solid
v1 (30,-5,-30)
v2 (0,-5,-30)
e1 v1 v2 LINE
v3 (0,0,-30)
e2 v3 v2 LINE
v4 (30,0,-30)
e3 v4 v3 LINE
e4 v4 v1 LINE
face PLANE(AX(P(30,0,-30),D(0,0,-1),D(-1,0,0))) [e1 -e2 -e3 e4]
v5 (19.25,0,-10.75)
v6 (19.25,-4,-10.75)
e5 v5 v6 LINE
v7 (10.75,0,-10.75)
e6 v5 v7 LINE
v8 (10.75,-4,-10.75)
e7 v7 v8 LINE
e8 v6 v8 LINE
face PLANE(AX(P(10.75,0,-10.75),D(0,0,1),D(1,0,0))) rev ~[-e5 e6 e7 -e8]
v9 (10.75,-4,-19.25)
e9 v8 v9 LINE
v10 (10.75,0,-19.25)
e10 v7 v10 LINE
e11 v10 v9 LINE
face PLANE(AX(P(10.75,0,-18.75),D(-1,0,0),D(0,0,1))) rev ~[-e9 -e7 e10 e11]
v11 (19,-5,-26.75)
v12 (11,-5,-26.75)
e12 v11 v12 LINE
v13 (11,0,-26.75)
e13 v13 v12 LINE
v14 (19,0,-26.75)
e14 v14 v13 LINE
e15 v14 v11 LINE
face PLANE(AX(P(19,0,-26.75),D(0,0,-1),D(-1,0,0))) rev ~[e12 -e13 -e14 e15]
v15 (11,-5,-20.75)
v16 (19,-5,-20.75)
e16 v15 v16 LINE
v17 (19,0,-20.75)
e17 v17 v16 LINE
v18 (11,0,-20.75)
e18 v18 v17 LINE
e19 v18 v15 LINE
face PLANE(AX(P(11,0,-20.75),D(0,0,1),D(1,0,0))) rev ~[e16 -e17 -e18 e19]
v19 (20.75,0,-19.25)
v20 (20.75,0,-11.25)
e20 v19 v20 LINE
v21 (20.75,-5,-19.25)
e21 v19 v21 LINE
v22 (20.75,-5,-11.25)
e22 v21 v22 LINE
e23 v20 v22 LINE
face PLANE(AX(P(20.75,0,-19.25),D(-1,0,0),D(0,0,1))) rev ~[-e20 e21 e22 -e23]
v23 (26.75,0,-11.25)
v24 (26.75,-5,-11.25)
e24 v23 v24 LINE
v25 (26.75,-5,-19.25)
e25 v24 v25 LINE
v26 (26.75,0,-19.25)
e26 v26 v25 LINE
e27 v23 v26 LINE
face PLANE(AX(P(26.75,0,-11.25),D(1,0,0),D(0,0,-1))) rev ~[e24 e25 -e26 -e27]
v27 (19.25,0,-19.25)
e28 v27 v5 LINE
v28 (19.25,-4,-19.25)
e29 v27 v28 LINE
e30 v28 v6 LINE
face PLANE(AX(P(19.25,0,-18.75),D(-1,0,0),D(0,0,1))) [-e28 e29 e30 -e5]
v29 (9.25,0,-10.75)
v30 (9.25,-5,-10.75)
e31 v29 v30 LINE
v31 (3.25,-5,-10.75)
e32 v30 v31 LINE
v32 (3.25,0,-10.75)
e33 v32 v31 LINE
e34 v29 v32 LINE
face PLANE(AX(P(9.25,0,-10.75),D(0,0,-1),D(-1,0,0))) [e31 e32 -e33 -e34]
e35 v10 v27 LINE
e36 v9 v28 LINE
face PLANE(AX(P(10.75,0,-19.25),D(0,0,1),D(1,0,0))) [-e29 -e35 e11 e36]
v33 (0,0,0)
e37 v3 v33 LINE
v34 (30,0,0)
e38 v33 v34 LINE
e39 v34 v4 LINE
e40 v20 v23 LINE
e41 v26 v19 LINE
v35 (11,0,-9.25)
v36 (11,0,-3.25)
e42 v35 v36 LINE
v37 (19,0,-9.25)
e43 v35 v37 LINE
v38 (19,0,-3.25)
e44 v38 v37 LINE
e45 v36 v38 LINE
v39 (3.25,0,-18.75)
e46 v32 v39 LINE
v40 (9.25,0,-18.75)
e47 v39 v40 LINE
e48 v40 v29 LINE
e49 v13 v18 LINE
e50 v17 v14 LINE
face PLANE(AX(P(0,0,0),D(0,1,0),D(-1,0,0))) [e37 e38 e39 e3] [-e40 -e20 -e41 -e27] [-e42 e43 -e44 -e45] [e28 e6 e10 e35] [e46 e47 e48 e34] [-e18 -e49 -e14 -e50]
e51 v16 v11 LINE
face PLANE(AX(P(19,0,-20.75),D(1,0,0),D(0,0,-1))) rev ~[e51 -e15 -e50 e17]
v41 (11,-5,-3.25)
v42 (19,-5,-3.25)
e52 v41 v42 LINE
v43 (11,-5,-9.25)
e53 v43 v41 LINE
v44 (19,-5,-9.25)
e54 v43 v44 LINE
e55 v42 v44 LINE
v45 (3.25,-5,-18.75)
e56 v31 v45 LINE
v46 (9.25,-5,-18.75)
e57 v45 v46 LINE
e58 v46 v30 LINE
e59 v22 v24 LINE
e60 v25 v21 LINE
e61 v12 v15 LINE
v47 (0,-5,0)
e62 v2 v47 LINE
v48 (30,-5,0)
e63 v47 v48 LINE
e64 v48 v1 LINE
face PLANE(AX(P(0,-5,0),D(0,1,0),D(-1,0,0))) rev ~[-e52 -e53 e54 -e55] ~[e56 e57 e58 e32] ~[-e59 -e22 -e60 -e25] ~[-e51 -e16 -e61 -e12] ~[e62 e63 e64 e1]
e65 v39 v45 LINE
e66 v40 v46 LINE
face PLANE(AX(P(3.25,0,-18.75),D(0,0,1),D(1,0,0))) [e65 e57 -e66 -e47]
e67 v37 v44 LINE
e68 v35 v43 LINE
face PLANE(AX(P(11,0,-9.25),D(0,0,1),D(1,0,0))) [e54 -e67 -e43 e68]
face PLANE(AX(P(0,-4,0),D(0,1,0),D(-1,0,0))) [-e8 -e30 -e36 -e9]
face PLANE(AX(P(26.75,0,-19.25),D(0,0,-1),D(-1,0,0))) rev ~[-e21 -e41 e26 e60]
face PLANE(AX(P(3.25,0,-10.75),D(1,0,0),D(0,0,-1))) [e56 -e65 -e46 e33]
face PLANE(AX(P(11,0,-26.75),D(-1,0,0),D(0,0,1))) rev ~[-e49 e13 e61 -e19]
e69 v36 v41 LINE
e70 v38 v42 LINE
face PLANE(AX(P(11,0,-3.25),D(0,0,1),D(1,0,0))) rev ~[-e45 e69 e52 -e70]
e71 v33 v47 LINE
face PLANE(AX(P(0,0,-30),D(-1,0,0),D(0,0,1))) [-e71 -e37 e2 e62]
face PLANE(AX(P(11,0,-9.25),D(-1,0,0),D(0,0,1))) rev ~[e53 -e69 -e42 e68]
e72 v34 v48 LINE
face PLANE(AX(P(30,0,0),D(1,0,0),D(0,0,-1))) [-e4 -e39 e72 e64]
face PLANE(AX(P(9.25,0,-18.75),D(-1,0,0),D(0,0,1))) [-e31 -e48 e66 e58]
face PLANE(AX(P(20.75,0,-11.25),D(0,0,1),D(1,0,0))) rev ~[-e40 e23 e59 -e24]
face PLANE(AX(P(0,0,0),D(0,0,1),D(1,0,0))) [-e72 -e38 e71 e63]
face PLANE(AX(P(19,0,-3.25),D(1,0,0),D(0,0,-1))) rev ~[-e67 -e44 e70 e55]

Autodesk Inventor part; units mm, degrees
ref_plane "YZ Plane" through (0, 0, 0) normal (1, 0, 0) x (0, 1, 0)
ref_plane "XZ Plane" through (0, 0, 0) normal (0, 1, 0) x (-1, 0, 0)
ref_plane "XY Plane" through (0, 0, 0) normal (0, 0, 1) x (1, 0, 0)
sketch "Sketch1" plane through (0, 0, 0) normal (0, 1, 0) x (-1, 0, 0)
  point P0 (0, 0)
sketch "Sketch2" plane through (0, 0, 0) normal (0, 1, 0) x (-1, 0, 0)
  line L0 (0, 0) -> (-30, 0)
  line L1 (-30, 0) -> (-30, -30)
  line L2 (-30, -30) -> (0, -30)
  line L3 (0, -30) -> (0, 0)
  line L4 (0, -30) -> (-30, 0) construction
  line L5 (0, 0) -> (-30, -30) construction
  line L6 (-15, -15) -> (0, -15) construction
  line L7 (-15, -15) -> (-30, -15) construction
  line L8 (-15, -15) -> (-15, -30) construction
  line L9 (-15, -15) -> (-15, 0) construction
  line L10 (-15, -15) -> (-9.25, -15) construction
  line L11 (-15, -17.4158) -> (-15, -15) construction
  line L12 (-15, -15) -> (-15, -20.75) construction
  line L13 (-15, -15) -> (-15, -9.25) construction
  line L14 (-15, -15) -> (-9.25, -15) construction
  line L15 (-15, -15) -> (-20.75, -15) construction
  line L16 (-15, -20.75) -> (-9.25, -15) construction
  line L17 (-9.25, -15) -> (-9.25, -20.75) construction
  line L18 (-9.25, -20.75) -> (-15, -20.75) construction
  line L19 (-15, -20.75) -> (-20.75, -20.75) construction
  line L20 (-20.75, -20.75) -> (-20.75, -15) construction
  line L21 (-9.25, -15) -> (-9.25, -9.25) construction
  line L22 (-15, -9.25) -> (-9.25, -9.25) construction
  line L23 (-15, -9.25) -> (-20.75, -9.25) construction
  line L24 (-20.75, -9.25) -> (-20.75, -15) construction
  line L25 (-15, -9.25) -> (-11, -9.25) construction
  line L26 (-15, -9.25) -> (-19, -9.25) construction
  line L27 (-11, -9.25) -> (-19, -9.25)
  line L28 (-11, -9.25) -> (-11, -3.25)
  line L29 (-11, -3.25) -> (-19, -3.25)
  line L30 (-19, -3.25) -> (-19, -9.25)
  line L31 (-11, -20.75) -> (-19, -20.75)
  line L32 (-19, -20.75) -> (-19, -26.75)
  line L33 (-19, -26.75) -> (-11, -26.75)
  line L34 (-11, -26.75) -> (-11, -20.75)
  line L35 (-9.25, -9.25) -> (-9.25, -10.75)
  line L36 (-9.25, -20.75) -> (-9.25, -18.75)
  line L37 (-9.25, -18.75) -> (-9.25, -19.25)
  line L38 (-9.25, -18.75) -> (-9.25, -10.75)
  line L39 (-9.25, -10.75) -> (-3.25, -10.75)
  line L40 (-3.25, -10.75) -> (-3.25, -18.75)
  line L41 (-3.25, -18.75) -> (-9.25, -18.75)
  line L42 (-9.25, -19.25) -> (-20.75, -19.25) construction
  line L43 (-20.75, -19.25) -> (-20.75, -11.25)
  line L44 (-20.75, -11.25) -> (-26.75, -11.25)
  line L45 (-26.75, -11.25) -> (-26.75, -19.25)
  line L46 (-26.75, -19.25) -> (-20.75, -19.25)
  line L47 (-9.25, -18.75) -> (-10.75, -18.75) construction
  line L48 (-10.75, -18.75) -> (-10.75, -10.75) construction
  line L49 (-10.75, -10.75) -> (-9.25, -10.75) construction
  line L50 (-20.75, -19.25) -> (-19.25, -19.25) construction
  line L51 (-19.25, -19.25) -> (-19.25, -11.25) construction
  line L52 (-19.25, -11.25) -> (-20.75, -11.25) construction
  line L53 (-9.25, -10.75) -> (-9.25, -11.75) construction
  line L54 (-9.25, -11.75) -> (-10.75, -10.75) construction
  line L55 (-20.75, -11.25) -> (-20.75, -4.0833) construction
  line L56 (-20.75, -4.0833) -> (-19.25, -10.75) construction
  line L57 (-10.75, -18.75) -> (-20.75, -18.75) construction
  line L58 (-19.25, -18.75) -> (-19.25, -10.75) construction
  line L59 (-15, -18.75) -> (-14.25, -18.75) construction
  line L60 (-15, -18.75) -> (-15.75, -18.75) construction
  line L61 (-10.75, -18.75) -> (-10.75, -10.75)
  line L62 (-10.75, -10.75) -> (-13.25, -10.75)
  line L63 (-19.25, -18.75) -> (-19.25, -10.75)
  line L64 (-19.25, -10.75) -> (-16.75, -10.75)
  line L65 (-13.25, -10.75) -> (-16.75, -10.75)
  line L66 (-15, -20.75) -> (-15, -18.75) construction
  line L67 (-11, -20.75) -> (-11, -19.25) construction
  line L68 (-10.75, -18.75) -> (-10.75, -19.25)
  line L69 (-10.75, -19.25) -> (-19.25, -19.25)
  line L70 (-19.25, -19.25) -> (-19.25, -18.75)
  dimension "d0" = 30
  dimension "d1" = 30
  dimension "d3" = 5.75
  dimension "d4" = 5.75
  dimension "d5" = 5.75
  dimension "d6" = 5.75
  dimension "d7" = 4
  dimension "d8" = 4
  dimension "d9" = 6
  dimension "d10" = 6
  dimension "d11" = 8
  dimension "d12" = 1.5
  dimension "d13" = 2
  dimension "d14" = 0.5
  dimension "d15" = 6
  dimension "d16" = 8
  dimension "d17" = 6
  dimension "d18" = 1.5
  dimension "d19" = 1.5
  dimension "d20" = 1
  dimension "d21" = 0.75
  dimension "d22" = 0.75
  dimension "d34" = 1.5
extrude "Extrusion1" add sketch "Sketch2" against normal blind 5 contours L3 L2 L1 L0 | L68 L69 L70 L63 L64 L65 L62 L61
extrude "Extrusion5" cut sketch "Sketch2" against normal blind 4 contours L68 L69 L70 L63 L64 L65 L62 L61
properties part number "switch_test_v1_3DPrint"
